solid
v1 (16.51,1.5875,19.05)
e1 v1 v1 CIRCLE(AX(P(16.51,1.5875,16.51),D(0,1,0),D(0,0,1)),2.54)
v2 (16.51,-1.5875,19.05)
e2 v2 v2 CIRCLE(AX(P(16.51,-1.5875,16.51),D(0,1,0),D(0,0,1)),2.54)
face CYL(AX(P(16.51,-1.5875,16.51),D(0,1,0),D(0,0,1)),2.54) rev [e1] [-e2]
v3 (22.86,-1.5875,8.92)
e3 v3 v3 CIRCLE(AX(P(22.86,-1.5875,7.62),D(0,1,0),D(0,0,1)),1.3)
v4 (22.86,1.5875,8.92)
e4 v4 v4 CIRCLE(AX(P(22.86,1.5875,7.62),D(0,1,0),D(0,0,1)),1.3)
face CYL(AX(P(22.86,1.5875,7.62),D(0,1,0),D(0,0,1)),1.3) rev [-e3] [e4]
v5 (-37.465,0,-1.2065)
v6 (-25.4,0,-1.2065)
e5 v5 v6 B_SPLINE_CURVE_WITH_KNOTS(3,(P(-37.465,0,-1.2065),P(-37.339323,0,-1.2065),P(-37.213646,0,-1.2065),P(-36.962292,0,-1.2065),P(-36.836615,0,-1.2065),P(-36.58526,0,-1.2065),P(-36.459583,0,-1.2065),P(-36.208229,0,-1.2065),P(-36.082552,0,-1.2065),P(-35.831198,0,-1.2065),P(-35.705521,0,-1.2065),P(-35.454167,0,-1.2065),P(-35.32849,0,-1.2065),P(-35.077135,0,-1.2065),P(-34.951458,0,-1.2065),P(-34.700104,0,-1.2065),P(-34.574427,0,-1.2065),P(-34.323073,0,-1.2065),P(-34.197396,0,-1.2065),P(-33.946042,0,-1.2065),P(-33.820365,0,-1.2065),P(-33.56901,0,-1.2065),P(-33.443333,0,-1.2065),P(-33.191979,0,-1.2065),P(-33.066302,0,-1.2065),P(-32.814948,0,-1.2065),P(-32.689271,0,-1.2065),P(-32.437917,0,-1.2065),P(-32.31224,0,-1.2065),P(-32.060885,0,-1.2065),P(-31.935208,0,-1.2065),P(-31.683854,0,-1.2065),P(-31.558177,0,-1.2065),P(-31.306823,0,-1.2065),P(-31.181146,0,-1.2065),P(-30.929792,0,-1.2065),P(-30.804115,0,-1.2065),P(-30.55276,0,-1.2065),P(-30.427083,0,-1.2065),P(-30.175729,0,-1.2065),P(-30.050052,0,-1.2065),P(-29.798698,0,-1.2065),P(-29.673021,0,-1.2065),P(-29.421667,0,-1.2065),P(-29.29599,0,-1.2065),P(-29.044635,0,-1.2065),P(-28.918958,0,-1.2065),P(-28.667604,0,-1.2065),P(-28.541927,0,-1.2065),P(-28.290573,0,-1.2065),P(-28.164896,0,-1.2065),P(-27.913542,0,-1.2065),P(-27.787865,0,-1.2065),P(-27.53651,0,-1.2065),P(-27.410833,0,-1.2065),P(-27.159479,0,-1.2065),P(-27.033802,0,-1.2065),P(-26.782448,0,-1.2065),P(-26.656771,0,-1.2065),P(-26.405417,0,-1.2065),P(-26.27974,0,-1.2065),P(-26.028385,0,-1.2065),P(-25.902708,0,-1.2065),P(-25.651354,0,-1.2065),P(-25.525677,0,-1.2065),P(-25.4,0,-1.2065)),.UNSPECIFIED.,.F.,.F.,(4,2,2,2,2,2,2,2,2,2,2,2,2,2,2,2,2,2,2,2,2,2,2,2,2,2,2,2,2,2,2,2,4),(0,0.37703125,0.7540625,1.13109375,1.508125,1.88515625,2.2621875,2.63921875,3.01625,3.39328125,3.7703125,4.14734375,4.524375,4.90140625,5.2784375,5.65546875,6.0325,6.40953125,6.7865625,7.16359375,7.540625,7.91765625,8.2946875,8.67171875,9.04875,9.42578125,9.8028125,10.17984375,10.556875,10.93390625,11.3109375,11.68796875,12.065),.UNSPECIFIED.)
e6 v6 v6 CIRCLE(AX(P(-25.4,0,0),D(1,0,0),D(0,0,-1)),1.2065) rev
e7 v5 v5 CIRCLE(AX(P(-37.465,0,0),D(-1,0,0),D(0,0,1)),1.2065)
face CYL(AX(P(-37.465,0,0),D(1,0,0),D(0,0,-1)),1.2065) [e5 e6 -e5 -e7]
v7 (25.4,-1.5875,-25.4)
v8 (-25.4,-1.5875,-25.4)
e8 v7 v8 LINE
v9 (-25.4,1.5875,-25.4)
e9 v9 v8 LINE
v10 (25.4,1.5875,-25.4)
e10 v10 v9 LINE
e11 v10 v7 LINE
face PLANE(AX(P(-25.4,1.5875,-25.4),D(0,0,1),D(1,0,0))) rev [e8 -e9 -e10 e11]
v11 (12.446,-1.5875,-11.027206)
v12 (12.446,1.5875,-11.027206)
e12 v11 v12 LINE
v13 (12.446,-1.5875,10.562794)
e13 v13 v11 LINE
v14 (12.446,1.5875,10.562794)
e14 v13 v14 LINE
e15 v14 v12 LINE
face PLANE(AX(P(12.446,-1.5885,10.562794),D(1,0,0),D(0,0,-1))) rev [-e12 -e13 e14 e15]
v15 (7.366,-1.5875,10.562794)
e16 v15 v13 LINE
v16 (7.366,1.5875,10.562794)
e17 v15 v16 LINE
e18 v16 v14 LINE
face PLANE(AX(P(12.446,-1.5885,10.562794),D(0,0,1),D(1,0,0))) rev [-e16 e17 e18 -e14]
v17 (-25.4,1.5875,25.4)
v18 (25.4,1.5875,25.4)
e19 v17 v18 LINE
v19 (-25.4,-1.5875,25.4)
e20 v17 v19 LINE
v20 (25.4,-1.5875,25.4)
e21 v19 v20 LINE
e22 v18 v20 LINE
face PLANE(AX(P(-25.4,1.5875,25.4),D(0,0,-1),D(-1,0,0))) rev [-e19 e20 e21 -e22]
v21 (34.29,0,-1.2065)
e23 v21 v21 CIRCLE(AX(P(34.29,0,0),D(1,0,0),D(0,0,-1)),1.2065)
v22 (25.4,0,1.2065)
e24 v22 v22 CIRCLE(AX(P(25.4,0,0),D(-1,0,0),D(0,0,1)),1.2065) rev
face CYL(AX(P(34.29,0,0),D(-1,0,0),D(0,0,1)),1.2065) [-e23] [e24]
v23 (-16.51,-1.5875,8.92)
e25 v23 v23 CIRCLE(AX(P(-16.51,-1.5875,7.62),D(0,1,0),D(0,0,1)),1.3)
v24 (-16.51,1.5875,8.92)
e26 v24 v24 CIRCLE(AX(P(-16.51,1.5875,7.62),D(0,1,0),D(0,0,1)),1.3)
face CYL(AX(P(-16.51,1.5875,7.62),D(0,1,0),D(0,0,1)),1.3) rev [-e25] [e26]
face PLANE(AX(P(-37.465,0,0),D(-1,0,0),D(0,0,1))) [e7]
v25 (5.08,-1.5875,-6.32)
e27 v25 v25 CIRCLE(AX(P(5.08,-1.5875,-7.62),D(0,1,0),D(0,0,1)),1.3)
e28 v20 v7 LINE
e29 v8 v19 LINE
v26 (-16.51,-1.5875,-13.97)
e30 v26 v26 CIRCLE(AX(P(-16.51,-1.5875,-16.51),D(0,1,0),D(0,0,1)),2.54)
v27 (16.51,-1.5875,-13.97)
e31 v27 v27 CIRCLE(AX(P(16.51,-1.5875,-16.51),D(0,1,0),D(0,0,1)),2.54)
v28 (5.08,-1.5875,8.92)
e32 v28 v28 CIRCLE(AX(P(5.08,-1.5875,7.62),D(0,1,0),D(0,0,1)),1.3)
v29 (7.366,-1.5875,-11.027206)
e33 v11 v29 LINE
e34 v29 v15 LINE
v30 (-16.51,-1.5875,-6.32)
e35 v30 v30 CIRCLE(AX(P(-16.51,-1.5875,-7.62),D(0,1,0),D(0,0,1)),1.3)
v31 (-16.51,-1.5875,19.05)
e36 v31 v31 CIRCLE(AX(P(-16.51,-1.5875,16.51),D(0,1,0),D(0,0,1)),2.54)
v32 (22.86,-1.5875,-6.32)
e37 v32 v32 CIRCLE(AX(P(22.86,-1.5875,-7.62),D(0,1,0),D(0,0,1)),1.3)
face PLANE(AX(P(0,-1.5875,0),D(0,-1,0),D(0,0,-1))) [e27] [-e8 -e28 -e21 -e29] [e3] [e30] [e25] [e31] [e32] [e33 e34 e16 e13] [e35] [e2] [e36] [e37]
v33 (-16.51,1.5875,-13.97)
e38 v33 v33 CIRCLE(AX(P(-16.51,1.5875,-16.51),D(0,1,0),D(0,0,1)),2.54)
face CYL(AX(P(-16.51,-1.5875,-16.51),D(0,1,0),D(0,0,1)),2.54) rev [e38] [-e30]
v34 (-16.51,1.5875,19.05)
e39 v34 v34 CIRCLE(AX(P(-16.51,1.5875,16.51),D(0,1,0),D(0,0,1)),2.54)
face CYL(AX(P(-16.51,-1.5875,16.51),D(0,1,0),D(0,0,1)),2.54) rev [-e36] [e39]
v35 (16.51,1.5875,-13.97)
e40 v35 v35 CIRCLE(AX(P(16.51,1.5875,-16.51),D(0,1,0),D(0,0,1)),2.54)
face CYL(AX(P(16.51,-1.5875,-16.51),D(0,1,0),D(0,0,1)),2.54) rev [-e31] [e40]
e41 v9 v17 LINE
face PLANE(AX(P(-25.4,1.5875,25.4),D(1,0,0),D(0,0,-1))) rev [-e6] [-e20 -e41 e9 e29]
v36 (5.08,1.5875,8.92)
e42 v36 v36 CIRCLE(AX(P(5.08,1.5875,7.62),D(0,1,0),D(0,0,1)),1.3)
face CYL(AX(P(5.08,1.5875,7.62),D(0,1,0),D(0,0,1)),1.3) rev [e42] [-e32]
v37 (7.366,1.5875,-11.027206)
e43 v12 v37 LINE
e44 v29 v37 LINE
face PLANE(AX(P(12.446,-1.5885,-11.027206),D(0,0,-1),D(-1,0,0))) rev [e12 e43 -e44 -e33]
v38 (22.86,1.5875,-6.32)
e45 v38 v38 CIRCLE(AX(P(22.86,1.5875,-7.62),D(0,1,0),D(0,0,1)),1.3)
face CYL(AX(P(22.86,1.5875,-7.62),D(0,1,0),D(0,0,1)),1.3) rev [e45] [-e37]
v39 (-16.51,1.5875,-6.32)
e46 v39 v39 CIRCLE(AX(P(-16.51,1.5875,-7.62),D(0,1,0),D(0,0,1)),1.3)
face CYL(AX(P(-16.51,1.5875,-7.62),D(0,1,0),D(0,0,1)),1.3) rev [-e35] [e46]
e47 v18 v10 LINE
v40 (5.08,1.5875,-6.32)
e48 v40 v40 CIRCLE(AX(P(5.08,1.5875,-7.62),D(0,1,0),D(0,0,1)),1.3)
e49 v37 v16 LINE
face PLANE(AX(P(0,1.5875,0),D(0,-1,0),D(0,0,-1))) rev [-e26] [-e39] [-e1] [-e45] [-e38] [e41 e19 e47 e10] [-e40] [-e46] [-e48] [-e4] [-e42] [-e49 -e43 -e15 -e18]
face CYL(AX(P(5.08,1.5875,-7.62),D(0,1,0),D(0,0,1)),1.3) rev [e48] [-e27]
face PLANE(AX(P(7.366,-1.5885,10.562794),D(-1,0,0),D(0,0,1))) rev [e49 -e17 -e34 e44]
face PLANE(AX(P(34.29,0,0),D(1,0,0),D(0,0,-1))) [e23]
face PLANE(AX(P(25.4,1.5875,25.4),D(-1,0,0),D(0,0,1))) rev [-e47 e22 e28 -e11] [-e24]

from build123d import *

# Parameters (mm, degrees)
SKETCH1_W            = 50.8
SKETCH1_H            = 50.8
BOSS_EXTRUDE1_DEPTH  = 1.5875
SKETCH3_R            = 1.2065
BOSS_EXTRUDE2_DEPTH  = 8.89
SKETCH4_R            = 2.54
CUT_EXTRUDE1_DEPTH   = 43.790708396
BOSS_EXTRUDE3_START  = 12.065
SKETCH5_R            = 1.2065
BOSS_EXTRUDE3_DEPTH  = 12.065
M2_CLEARANCE_HOLE1_D = 2.6
CUT_EXTRUDE2_REACH   = 47.375
SKETCH8_W            = 5.08
SKETCH8_H            = 21.59


with BuildPart() as part:
    # Sketch1 → Boss-Extrude1 (new, symmetric)
    with BuildSketch(Plane(origin=(0, 0, 0), x_dir=(1, 0, 0), z_dir=(0, 1, 0))):
        Rectangle(SKETCH1_W, SKETCH1_H)
    extrude(amount=BOSS_EXTRUDE1_DEPTH, both=True)

    # Sketch3 → Boss-Extrude2 (add)
    with BuildSketch(Plane(origin=(25.4, 0, 0), x_dir=(0, 0, -1), z_dir=(1, 0, 0))):
        with Locations(Location((0, 0, 0), (0, 0, 180))):
            Circle(SKETCH3_R)
    extrude(amount=BOSS_EXTRUDE2_DEPTH)

    # Sketch4 → Cut-Extrude1 (cut, through all)
    with BuildSketch(Plane(origin=(0, 1.5875, 0), x_dir=(1, 0, 0), z_dir=(0, 1, 0))):
        with Locations(Location((-16.51, 16.51, 0), (0, 0, 270))):
            Circle(SKETCH4_R)
        with Locations(Location((16.51, 16.51, 0), (0, 0, 270))):
            Circle(SKETCH4_R)
        with Locations(Location((16.51, -16.51, 0), (0, 0, 270))):
            Circle(SKETCH4_R)
        with Locations(Location((-16.51, -16.51, 0), (0, 0, 270))):
            Circle(SKETCH4_R)
    extrude(amount=-CUT_EXTRUDE1_DEPTH, mode=Mode.SUBTRACT)

    # Sketch5 → Boss-Extrude3 (add)
    with BuildSketch(Plane.ZY.offset(25.4).offset(BOSS_EXTRUDE3_START)):
        Circle(SKETCH5_R)
    extrude(amount=-BOSS_EXTRUDE3_DEPTH)

    # M2 Clearance Hole1 (through all)
    with Locations(Plane(origin=(0, 1.5875, 0), x_dir=(1, 0, 0), z_dir=(0, 1, 0))):
        with Locations((-16.51, -7.62), (-16.51, 7.62), (5.08, -7.62), (5.08, 7.62), (22.86, 7.62), (22.86, -7.62)):
            Hole(M2_CLEARANCE_HOLE1_D / 2)

    # Sketch8 → Cut-Extrude2 (cut, up to next)
    with BuildSketch(Plane(origin=(0, 1.5875, 0), x_dir=(1, 0, 0), z_dir=(0, 1, 0)), mode=Mode.PRIVATE) as cut_extrude2_sk1:
        with Locations((9.906, 0.232205857)):
            Rectangle(SKETCH8_W, SKETCH8_H)
    cut_extrude2_tool1 = extrude(cut_extrude2_sk1.sketch, amount=-CUT_EXTRUDE2_REACH, mode=Mode.PRIVATE) & part.part
    add(cut_extrude2_tool1.solids().sort_by_distance((9.906, 1.5875, -0.232206))[0], mode=Mode.SUBTRACT)


solid = part.part
